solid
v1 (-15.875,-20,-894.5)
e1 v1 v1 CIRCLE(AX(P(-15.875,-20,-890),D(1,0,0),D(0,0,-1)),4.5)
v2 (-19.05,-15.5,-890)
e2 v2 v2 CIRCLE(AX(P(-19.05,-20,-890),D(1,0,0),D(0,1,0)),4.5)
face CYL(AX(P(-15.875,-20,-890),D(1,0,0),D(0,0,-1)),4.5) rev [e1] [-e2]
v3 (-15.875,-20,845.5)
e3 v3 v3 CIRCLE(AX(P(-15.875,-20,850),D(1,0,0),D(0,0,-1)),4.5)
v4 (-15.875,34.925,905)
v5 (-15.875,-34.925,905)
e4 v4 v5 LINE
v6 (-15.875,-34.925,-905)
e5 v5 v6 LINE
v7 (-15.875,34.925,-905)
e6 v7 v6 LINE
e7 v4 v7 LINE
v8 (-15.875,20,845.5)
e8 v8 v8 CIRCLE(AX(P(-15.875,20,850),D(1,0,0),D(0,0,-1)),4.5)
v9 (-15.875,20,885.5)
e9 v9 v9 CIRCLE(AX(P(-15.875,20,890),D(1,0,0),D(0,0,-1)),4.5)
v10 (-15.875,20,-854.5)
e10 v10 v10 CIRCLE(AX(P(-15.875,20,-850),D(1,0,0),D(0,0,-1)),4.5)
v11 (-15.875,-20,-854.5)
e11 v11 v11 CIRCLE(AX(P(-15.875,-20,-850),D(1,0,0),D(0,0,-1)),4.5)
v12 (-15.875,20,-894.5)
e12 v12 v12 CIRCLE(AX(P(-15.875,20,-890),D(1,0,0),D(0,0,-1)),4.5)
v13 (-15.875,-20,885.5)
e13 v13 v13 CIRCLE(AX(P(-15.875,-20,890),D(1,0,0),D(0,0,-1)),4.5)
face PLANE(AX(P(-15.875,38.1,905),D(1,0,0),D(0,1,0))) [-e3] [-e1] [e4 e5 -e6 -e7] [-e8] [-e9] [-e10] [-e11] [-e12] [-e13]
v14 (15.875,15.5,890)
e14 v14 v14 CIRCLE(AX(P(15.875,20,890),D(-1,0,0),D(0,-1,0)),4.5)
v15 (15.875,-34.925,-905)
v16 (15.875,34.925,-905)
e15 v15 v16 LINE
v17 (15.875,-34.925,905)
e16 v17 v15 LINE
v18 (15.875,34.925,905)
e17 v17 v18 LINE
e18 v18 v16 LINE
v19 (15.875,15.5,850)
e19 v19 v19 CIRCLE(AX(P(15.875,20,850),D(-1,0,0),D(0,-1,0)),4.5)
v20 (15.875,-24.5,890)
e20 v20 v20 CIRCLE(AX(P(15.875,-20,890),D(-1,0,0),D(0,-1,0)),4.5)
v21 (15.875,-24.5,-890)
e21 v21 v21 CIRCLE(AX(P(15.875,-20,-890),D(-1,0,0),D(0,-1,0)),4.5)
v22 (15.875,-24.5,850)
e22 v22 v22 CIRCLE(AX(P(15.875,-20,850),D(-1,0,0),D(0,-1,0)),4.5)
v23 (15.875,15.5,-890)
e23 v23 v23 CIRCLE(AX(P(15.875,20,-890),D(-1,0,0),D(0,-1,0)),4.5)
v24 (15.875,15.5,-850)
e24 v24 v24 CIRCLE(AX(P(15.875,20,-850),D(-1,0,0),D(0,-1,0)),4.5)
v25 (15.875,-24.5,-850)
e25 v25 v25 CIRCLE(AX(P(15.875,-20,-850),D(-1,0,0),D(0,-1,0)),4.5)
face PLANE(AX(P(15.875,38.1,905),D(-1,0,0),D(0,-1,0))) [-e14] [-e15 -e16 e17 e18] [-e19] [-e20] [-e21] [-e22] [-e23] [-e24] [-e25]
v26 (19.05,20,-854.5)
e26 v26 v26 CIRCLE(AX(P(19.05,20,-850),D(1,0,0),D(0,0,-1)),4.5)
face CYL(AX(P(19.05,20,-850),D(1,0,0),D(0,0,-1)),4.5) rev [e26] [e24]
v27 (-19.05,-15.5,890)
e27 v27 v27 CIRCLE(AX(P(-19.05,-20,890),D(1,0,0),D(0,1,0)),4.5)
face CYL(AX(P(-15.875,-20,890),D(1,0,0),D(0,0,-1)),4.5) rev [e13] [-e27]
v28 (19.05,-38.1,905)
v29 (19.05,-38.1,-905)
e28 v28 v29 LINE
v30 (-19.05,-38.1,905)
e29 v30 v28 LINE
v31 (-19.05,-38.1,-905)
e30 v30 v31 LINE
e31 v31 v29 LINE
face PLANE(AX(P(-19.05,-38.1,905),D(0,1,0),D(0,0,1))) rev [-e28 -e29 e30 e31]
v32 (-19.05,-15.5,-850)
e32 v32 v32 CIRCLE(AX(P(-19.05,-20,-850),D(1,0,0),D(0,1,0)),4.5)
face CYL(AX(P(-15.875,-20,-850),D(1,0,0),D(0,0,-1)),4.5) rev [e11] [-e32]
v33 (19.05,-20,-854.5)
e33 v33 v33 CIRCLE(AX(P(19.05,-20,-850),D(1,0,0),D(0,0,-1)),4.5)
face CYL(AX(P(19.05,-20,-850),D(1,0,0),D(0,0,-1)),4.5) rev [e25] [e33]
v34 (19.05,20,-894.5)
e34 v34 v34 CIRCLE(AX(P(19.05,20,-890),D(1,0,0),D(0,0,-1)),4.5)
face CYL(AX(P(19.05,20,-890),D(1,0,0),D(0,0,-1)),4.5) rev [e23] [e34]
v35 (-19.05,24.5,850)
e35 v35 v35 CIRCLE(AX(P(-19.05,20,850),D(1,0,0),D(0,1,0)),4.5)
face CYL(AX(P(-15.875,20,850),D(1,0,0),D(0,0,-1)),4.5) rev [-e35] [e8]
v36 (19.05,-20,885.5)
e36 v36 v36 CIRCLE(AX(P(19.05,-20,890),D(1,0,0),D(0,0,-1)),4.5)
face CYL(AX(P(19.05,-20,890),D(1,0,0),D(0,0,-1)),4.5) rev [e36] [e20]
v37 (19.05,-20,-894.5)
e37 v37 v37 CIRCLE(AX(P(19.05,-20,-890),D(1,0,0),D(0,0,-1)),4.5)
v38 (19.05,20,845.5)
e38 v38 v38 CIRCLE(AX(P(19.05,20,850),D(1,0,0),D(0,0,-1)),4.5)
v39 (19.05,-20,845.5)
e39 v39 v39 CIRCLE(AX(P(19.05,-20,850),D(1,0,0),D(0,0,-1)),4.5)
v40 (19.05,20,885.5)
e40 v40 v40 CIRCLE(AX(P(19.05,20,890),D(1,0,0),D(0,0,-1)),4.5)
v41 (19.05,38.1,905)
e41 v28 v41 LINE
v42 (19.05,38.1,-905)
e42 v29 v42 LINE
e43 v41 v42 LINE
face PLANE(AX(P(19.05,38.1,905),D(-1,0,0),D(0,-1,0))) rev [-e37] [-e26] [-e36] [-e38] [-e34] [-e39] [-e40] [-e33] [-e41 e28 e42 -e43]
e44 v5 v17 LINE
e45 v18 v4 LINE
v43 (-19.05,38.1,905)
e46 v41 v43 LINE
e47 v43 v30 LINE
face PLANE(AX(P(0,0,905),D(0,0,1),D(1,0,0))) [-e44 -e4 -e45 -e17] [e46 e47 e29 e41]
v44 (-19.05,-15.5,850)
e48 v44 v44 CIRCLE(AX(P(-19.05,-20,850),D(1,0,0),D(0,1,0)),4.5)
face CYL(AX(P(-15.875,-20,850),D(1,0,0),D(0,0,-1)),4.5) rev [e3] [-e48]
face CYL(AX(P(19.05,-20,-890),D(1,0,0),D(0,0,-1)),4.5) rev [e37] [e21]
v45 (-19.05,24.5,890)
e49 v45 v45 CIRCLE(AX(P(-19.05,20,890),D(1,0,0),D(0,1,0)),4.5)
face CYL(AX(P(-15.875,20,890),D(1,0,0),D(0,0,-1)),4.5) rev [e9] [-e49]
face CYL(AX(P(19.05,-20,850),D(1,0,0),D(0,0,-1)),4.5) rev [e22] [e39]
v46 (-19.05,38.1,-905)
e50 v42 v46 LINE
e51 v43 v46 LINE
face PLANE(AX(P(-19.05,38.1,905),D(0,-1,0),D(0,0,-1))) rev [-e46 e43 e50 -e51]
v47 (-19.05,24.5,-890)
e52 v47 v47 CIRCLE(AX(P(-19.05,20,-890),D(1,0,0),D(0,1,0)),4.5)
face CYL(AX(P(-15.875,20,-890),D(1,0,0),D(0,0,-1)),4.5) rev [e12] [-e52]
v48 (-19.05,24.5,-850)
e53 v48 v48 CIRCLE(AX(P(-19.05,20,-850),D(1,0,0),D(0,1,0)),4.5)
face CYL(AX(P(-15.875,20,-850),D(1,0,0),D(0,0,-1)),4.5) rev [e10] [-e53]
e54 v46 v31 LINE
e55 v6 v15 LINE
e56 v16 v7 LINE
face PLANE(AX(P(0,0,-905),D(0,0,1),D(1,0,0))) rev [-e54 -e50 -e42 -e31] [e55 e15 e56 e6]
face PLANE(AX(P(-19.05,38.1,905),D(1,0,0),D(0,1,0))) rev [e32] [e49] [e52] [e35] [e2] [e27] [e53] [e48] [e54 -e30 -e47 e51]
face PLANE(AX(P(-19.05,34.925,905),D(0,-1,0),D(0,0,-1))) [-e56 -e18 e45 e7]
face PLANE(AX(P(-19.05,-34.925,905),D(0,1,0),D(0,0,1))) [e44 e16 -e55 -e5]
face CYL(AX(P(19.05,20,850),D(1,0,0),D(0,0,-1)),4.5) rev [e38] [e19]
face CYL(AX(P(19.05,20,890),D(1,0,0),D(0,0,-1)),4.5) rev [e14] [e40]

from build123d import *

# Parameters (mm, degrees)
SKETCH1_W                = 38.1
SKETCH1_H                = 76.2
SKETCH1_W_2              = 31.75
SKETCH1_H_2              = 69.85
EXTRUDE_THIN1_DEPTH      = 905
M8_CLEARANCE_HOLE2_D     = 9
M8_CLEARANCE_HOLE2_DEPTH = 3.175
M8_CLEARANCE_HOLE1_D     = 9


with BuildPart() as part:
    # Sketch1 → Extrude-Thin1 (new, symmetric)
    with BuildSketch(Plane.XY):
        Rectangle(SKETCH1_W, SKETCH1_H)
        Rectangle(SKETCH1_W_2, SKETCH1_H_2, mode=Mode.SUBTRACT)
    extrude(amount=EXTRUDE_THIN1_DEPTH, both=True)

    # M8 Clearance Hole2
    with Locations(Plane(origin=(19.05, 0, 0), x_dir=(0, 0, -1), z_dir=(1, 0, 0))):
        with Locations((-890, 20), (-850, -20), (-890, -20), (-850, 20)):
            m8_clearance_hole2 = Hole(M8_CLEARANCE_HOLE2_D / 2, depth=M8_CLEARANCE_HOLE2_DEPTH)

    # M8 Clearance Hole1 (through all)
    with Locations(Plane(origin=(-15.875, 0, 0), x_dir=(0, 0, -1), z_dir=(1, 0, 0))):
        with Locations((-890, 20), (-850, 20), (-850, -20), (-890, -20)):
            m8_clearance_hole1 = Hole(M8_CLEARANCE_HOLE1_D / 2)

    # Mirror1: M8 Clearance Hole2, M8 Clearance Hole1 across plane
    add(m8_clearance_hole2.mirror(Plane.XY), mode=Mode.SUBTRACT)
    add(m8_clearance_hole1.mirror(Plane.XY), mode=Mode.SUBTRACT)


solid = part.part
